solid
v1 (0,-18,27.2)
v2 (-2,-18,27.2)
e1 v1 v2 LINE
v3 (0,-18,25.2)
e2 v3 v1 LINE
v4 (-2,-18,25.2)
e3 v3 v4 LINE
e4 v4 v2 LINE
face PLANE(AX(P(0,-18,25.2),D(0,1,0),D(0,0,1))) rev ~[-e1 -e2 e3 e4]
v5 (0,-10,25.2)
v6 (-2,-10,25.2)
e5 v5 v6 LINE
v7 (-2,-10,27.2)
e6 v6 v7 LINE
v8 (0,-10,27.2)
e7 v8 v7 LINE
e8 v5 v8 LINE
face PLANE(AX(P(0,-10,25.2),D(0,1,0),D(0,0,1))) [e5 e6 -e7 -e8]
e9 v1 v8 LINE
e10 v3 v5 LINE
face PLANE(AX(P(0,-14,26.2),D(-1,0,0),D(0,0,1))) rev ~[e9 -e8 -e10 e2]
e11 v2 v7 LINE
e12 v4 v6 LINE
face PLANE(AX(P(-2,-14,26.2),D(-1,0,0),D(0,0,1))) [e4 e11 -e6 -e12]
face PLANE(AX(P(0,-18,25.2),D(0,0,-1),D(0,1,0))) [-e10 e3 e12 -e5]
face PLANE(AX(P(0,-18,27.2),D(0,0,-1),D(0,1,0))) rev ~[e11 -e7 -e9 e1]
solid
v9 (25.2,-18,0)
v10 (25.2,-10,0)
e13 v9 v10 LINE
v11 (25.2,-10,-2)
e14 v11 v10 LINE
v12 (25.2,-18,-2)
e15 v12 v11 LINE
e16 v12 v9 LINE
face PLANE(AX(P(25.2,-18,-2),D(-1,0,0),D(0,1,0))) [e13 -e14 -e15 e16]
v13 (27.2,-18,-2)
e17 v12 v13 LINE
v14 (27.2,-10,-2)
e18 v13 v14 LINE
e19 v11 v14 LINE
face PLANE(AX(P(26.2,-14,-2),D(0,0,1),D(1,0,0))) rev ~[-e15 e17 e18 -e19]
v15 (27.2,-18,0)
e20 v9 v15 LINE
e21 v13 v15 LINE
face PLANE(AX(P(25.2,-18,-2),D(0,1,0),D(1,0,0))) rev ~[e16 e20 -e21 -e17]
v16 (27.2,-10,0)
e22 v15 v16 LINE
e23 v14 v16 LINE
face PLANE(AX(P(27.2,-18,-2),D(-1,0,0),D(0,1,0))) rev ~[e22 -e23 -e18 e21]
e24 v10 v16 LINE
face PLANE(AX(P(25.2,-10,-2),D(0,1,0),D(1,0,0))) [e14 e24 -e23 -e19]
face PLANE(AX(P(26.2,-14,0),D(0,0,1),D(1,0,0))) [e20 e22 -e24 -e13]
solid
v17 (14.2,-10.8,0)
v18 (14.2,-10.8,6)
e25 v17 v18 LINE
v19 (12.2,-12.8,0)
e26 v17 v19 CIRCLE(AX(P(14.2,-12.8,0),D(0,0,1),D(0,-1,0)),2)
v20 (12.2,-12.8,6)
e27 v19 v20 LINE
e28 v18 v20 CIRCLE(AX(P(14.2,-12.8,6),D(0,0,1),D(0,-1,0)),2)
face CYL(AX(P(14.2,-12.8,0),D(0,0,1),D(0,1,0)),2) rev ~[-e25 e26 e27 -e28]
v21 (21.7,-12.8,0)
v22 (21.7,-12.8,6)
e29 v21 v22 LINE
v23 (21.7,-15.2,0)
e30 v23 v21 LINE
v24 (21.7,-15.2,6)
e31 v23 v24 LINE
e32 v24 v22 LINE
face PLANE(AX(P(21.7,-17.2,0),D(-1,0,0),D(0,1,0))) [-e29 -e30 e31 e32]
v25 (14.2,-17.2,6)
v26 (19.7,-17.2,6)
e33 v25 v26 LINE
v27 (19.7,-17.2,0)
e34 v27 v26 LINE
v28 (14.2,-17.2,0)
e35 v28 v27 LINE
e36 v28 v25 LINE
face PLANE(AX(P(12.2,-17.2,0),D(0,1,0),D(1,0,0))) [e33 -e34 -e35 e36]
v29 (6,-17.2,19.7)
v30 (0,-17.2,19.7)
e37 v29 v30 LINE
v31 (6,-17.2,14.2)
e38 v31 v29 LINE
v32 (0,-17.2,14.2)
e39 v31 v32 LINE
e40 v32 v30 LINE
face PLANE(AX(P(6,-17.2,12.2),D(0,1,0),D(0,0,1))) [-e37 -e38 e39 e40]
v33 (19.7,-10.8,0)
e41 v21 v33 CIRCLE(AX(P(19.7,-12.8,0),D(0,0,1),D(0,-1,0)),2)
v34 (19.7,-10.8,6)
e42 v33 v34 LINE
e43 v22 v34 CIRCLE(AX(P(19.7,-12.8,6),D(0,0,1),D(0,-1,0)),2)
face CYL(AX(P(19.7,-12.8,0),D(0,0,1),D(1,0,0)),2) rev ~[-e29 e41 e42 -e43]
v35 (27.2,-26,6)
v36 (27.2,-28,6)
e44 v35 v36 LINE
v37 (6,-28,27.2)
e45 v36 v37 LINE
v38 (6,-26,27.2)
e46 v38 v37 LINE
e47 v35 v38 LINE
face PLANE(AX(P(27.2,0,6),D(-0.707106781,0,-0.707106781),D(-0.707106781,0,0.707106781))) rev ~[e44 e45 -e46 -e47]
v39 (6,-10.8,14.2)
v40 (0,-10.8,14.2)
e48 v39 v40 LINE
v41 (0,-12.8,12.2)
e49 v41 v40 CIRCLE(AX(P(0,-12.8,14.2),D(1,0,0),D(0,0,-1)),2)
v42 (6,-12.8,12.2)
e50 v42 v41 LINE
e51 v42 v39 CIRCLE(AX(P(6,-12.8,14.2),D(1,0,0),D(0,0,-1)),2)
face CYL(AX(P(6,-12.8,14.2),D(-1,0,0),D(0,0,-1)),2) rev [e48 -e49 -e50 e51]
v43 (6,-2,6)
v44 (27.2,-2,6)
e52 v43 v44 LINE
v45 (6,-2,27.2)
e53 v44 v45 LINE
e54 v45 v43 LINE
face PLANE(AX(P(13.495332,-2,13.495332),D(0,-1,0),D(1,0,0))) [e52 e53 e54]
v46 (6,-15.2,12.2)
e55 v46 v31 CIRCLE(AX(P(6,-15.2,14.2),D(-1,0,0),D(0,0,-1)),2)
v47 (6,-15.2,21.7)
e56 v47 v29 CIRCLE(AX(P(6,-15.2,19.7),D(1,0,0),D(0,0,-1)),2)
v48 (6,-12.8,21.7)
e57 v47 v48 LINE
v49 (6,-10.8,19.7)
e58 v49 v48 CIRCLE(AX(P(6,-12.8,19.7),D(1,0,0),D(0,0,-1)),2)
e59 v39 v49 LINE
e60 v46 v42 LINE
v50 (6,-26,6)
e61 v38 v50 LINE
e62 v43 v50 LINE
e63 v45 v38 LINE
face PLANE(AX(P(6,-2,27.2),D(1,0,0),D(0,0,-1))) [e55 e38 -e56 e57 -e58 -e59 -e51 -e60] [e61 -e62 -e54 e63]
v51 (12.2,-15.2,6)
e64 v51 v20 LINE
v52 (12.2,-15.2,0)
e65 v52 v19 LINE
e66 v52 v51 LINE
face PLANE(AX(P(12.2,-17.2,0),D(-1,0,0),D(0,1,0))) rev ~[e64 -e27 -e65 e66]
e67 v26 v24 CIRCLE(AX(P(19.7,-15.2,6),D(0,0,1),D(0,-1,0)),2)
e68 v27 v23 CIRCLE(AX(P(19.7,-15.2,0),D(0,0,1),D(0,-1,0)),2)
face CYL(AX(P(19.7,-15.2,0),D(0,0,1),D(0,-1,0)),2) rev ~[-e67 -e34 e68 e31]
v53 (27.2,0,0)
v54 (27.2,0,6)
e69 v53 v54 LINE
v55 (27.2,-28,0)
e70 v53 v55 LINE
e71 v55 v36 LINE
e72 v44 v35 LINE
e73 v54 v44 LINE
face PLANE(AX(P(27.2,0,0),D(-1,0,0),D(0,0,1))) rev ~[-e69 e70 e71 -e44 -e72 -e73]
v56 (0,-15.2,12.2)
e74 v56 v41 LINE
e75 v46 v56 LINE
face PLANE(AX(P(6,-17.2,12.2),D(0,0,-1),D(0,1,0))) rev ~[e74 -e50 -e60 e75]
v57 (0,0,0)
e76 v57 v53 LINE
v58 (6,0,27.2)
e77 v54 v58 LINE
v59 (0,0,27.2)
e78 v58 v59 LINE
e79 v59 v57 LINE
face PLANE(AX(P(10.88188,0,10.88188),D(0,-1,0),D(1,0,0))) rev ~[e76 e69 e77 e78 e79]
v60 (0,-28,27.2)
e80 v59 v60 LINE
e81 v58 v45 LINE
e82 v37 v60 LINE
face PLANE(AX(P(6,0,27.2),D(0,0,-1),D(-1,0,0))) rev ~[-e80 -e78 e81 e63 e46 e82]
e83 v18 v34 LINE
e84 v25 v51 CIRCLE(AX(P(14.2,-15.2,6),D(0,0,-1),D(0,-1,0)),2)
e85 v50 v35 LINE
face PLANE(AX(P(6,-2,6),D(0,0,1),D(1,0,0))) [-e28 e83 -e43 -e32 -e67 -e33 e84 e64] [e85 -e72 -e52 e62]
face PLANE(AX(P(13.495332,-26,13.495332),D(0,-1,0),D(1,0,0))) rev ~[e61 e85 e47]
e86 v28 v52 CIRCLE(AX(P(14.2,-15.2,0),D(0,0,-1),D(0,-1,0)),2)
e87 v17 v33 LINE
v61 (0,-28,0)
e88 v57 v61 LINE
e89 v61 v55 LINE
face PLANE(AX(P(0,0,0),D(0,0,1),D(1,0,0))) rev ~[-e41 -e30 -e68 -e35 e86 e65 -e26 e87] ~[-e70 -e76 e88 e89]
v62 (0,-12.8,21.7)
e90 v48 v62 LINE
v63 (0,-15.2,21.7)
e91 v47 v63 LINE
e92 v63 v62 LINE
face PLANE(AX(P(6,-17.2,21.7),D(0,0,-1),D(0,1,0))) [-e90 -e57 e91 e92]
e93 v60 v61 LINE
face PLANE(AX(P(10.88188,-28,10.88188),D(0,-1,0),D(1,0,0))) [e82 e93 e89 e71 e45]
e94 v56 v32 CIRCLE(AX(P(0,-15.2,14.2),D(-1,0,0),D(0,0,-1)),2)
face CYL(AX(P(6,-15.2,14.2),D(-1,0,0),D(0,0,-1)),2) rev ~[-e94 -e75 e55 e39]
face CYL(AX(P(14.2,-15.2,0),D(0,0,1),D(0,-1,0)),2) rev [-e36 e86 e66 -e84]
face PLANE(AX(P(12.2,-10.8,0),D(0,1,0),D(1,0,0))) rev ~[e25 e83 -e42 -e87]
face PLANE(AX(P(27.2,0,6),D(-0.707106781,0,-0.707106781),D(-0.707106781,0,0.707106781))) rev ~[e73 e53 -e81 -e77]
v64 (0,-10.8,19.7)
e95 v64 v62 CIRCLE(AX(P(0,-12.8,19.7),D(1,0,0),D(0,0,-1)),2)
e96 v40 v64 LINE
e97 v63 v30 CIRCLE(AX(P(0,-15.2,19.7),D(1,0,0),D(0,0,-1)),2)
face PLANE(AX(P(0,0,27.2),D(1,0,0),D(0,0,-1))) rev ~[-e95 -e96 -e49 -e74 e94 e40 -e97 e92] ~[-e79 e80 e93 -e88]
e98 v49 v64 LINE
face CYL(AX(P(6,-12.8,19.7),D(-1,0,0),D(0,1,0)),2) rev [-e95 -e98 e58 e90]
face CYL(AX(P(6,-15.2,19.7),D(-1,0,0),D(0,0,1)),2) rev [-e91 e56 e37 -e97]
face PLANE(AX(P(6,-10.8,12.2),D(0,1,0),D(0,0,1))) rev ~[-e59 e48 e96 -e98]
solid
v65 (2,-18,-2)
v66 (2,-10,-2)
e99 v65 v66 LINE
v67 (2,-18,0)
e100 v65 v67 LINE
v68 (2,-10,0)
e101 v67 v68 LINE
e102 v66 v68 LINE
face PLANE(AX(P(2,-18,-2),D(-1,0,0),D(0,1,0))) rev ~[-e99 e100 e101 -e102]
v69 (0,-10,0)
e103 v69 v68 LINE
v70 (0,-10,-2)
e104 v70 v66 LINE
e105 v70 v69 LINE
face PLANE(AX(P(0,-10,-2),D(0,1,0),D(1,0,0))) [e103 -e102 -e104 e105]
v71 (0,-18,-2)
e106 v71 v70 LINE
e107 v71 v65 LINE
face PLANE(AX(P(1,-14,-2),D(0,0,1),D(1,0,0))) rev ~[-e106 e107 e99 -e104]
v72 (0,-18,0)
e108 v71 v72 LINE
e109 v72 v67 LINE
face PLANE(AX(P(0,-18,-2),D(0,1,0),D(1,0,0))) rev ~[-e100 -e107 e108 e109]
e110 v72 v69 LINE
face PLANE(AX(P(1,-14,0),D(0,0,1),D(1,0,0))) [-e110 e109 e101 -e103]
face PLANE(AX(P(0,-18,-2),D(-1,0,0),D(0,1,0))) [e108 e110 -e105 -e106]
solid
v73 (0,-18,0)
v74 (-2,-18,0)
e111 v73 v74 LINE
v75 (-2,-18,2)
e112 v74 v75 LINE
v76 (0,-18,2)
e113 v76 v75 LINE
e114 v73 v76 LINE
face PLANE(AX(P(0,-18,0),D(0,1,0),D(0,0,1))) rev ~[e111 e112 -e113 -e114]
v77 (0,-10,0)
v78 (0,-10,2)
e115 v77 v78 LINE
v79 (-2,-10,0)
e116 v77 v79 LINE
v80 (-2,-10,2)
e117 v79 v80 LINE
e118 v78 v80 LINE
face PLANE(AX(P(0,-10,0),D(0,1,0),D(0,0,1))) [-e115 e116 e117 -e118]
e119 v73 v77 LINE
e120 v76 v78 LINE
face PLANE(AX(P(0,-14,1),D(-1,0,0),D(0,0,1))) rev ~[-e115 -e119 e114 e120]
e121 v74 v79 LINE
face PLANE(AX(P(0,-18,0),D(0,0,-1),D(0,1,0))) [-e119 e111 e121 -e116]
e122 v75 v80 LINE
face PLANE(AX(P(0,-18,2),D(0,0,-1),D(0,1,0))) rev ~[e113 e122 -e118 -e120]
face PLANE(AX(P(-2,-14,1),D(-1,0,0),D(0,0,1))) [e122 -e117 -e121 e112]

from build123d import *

# Parameters (mm, degrees)
BOX002_W                  = 2
BOX002_H                  = 8
BOX002_DEPTH              = 2
BOX003_W                  = 2
BOX003_H                  = 8
BOX003_DEPTH              = 2
BOX004_W                  = 2
BOX004_H                  = 8
BOX004_DEPTH              = 2
BOX005_W                  = 2
BOX005_H                  = 8
BOX005_DEPTH              = 2
FUSION002_PLACEMENT_ANGLE = 270
BOX_W                     = 9.5
BOX_H                     = 6.4
BOX_DEPTH                 = 6
BOX001_W                  = 9.5
BOX001_H                  = 6.4
BOX001_DEPTH              = 6
COMPOUND_PLACEMENT_ANGLE  = 270
PAD001_DEPTH              = 24
PAD_DEPTH                 = 28
FILLET_R                  = 2


with BuildPart() as cube002:
    # Box002 → Box002 (new body)
    with BuildSketch(Plane(origin=(0, -18, -2), x_dir=(1, 0, 0), z_dir=(0, 0, 1))):
        with Locations((1, 4)):
            Rectangle(BOX002_W, BOX002_H)
    extrude(amount=BOX002_DEPTH)


with BuildPart() as fusion001:
    # Box003 → Box003 (new body)
    with BuildSketch(Plane(origin=(25.2, -18, -2), x_dir=(1, 0, 0), z_dir=(0, 0, 1))):
        with Locations((1, 4)):
            Rectangle(BOX003_W, BOX003_H)
    extrude(amount=BOX003_DEPTH)

    # Fusion001: union Cube002
    add(cube002.part)


with BuildPart() as cube004:
    # Box004 → Box004 (new body)
    with BuildSketch(Plane(origin=(0, -18, -2), x_dir=(1, 0, 0), z_dir=(0, 0, 1))):
        with Locations((1, 4)):
            Rectangle(BOX004_W, BOX004_H)
    extrude(amount=BOX004_DEPTH)


with BuildPart() as slotguide:
    # Box005 → Box005 (new body)
    with BuildSketch(Plane(origin=(25.2, -18, -2), x_dir=(1, 0, 0), z_dir=(0, 0, 1))):
        with Locations((1, 4)):
            Rectangle(BOX005_W, BOX005_H)
    extrude(amount=BOX005_DEPTH)

    # Fusion002: union Cube004
    add(cube004.part)


with BuildPart() as slotguide_1:
    # Fusion002 placement: moved
    add(slotguide.part.moved(Location((-2, 0, 0))).rotate(Axis((-2, 0, 0), (0, 1, 0)), FUSION002_PLACEMENT_ANGLE))

    # Fusion003: union Fusion001
    add(fusion001.part)


with BuildPart() as cube:
    # Box → Box (new body)
    with BuildSketch(Plane(origin=(12.2, -17.2, 0), x_dir=(1, 0, 0), z_dir=(0, 0, 1))):
        with Locations((4.75, 3.2)):
            Rectangle(BOX_W, BOX_H)
    extrude(amount=BOX_DEPTH)


with BuildPart() as fusion:
    # Box001 → Box001 (new body)
    with BuildSketch(Plane(origin=(12.2, -17.2, 0), x_dir=(1, 0, 0), z_dir=(0, 0, 1))):
        with Locations((4.75, 3.2)):
            Rectangle(BOX001_W, BOX001_H)
    extrude(amount=BOX001_DEPTH)


with BuildPart() as fusion_1:
    # Compound placement: moved
    add(fusion.part.moved(Location((6, 0, 0))).rotate(Axis((6, 0, 0), (0, 1, 0)), COMPOUND_PLACEMENT_ANGLE))

    # Fusion: union Cube
    add(cube.part)


with BuildPart() as body001:
    # Sketch001 → Pad001 (new body)
    with BuildSketch(Plane.XZ):
        Polygon((6, 6), (27.2, 6), (6, 27.2), align=None)
    extrude(amount=PAD001_DEPTH)


with BuildPart() as body001_1:
    # Body001 placement: moved
    add(body001.part.moved(Location((0, -2, 0))))


with BuildPart() as filletedbasebracket:
    # Sketch → Pad (new body)
    with BuildSketch(Plane.XZ):
        Polygon((0, 0), (27.2, 0), (27.2, 6), (6, 27.2), (0, 27.2), align=None)
    extrude(amount=PAD_DEPTH)

    # Cut: cut Body001
    add(body001_1.part, mode=Mode.SUBTRACT)

    # Cut001: cut Fusion
    add(fusion_1.part, mode=Mode.SUBTRACT)

    # Fillet
    fillet_edges = [filletedbasebracket.edges().sort_by_distance(p)[0] for p in [
        (12.2, -17.2, 3),
        (12.2, -10.8, 3),
        (21.7, -17.2, 3),
        (21.7, -10.8, 3),
        (3, -10.8, 21.7),
        (3, -10.8, 12.2),
        (3, -17.2, 21.7),
        (3, -17.2, 12.2),
    ]]
    fillet(fillet_edges, radius=FILLET_R)


solid = Compound([slotguide_1.part, filletedbasebracket.part])
